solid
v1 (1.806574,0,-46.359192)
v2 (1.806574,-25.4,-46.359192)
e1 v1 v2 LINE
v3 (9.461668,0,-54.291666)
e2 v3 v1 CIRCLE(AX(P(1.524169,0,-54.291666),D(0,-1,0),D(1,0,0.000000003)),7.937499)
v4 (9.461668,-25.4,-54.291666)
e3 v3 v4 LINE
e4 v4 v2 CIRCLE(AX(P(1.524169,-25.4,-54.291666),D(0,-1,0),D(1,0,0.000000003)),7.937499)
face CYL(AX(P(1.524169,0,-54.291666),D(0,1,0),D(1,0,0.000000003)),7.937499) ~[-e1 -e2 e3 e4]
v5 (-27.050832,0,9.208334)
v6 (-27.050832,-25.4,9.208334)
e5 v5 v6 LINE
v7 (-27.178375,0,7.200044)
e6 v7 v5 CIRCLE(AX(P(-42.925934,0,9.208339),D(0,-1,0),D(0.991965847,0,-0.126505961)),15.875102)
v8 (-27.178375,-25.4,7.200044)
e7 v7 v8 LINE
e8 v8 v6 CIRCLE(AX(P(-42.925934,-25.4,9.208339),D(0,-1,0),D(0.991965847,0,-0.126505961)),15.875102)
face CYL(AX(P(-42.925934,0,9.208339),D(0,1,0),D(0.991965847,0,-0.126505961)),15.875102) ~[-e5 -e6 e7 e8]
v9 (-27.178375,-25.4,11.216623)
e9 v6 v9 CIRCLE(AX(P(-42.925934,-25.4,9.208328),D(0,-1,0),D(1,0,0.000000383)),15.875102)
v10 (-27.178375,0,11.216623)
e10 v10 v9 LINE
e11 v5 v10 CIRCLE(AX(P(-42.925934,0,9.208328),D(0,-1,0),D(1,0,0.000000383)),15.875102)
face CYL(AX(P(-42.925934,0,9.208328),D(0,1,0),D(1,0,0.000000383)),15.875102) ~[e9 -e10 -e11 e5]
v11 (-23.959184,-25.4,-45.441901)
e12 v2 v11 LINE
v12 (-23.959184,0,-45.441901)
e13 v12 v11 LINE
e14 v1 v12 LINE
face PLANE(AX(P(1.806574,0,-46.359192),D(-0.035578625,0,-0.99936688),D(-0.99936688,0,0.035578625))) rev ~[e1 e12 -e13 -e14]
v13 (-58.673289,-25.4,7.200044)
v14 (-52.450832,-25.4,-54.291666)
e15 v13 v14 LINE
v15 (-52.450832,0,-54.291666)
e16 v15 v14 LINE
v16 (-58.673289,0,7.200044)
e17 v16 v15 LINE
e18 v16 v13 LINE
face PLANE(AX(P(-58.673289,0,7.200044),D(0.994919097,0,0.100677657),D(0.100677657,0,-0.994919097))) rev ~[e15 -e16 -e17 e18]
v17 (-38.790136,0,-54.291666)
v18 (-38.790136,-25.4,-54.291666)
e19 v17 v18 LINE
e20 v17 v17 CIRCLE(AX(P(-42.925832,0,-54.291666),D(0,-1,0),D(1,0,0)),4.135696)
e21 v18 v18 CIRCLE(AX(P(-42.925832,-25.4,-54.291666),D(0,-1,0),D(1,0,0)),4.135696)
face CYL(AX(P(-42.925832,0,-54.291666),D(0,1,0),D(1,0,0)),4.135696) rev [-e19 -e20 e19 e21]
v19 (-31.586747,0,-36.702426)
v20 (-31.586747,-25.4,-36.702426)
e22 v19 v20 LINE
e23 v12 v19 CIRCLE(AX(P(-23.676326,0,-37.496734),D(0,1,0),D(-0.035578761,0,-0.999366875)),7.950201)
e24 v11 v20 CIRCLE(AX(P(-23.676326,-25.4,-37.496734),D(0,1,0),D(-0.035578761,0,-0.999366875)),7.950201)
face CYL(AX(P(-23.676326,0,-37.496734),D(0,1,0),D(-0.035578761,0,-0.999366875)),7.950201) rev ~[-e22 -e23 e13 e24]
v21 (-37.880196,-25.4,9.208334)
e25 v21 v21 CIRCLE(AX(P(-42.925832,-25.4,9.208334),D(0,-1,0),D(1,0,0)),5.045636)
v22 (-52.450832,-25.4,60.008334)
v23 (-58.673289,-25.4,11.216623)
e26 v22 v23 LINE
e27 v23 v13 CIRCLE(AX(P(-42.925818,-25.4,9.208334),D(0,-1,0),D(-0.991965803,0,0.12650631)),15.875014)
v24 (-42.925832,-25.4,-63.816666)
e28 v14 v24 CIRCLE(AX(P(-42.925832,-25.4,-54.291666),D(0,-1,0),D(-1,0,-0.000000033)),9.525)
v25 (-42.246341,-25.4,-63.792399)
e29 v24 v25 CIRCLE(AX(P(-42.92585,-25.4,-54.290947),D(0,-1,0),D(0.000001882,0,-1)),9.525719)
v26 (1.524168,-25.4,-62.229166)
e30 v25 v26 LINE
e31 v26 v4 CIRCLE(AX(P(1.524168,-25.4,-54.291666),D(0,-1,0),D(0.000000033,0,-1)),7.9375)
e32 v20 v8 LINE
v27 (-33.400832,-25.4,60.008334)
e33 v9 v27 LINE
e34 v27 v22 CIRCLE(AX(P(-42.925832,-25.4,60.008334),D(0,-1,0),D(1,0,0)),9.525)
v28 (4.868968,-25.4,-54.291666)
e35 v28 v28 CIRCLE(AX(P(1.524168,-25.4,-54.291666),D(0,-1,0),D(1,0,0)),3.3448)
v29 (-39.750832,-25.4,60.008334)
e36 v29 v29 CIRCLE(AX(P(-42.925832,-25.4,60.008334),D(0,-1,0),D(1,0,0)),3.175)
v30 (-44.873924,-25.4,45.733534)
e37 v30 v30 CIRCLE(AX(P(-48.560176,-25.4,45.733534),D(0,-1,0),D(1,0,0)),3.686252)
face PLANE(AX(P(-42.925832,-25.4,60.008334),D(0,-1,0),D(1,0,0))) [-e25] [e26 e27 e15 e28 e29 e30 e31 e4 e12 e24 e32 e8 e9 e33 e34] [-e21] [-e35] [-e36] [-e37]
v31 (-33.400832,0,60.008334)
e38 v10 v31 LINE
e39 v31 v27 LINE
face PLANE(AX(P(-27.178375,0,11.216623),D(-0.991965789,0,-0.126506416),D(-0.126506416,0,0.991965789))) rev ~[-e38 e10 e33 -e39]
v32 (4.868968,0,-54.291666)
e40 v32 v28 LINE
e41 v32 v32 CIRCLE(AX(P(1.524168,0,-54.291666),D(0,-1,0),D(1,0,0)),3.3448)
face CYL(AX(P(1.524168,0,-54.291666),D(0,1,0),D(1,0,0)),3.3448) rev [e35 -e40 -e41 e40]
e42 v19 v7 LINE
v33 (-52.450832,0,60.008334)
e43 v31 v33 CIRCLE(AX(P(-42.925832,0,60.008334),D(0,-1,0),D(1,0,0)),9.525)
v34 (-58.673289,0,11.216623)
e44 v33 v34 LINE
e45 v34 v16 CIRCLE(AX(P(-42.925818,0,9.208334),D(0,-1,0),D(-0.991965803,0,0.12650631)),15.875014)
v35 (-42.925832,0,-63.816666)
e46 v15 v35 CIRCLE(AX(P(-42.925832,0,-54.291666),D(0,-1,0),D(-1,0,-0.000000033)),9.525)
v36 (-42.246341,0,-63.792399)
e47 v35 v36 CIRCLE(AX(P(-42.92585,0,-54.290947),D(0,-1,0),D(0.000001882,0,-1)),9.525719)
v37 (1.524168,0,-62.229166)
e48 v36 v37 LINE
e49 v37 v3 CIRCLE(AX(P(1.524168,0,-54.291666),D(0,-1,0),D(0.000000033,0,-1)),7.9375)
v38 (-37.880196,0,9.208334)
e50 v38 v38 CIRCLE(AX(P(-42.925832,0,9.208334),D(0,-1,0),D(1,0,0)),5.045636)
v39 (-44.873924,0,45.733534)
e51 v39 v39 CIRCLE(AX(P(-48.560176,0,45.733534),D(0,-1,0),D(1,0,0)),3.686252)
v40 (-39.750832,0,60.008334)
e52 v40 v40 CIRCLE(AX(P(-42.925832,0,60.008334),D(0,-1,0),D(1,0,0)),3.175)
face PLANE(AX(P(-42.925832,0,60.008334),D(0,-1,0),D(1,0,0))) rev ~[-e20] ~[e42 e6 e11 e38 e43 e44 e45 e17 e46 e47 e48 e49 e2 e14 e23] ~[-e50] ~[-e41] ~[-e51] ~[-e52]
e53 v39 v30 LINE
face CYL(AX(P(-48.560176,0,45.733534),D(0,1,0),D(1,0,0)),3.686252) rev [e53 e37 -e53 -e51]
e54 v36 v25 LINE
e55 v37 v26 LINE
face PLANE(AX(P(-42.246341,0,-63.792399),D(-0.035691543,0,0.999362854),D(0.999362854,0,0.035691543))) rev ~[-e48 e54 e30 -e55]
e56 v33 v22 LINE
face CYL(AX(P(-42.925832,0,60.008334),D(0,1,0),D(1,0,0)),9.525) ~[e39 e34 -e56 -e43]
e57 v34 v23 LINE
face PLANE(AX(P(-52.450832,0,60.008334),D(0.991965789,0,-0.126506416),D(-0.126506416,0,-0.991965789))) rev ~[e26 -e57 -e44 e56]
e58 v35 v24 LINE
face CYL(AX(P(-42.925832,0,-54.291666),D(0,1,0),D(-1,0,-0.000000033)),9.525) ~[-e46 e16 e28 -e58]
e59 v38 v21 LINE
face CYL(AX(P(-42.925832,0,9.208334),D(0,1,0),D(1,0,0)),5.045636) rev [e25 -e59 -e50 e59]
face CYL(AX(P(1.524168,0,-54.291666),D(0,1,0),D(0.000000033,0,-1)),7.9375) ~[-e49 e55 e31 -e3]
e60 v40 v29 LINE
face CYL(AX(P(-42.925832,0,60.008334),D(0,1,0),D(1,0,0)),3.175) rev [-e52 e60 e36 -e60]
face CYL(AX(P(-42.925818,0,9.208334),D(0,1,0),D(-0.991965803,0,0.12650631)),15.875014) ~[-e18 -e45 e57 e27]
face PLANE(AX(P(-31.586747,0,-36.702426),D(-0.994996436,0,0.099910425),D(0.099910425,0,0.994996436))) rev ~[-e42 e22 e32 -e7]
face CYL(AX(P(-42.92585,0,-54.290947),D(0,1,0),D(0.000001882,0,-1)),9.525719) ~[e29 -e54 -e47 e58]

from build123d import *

# Parameters (mm, degrees)
F0_R     = 3.175
F0_R_2   = 3.686252
F0_R_3   = 5.045636
F0_R_4   = 4.135696
F0_R_5   = 3.3448
F1_DEPTH = 25.4


with BuildPart() as f1:
    # F0 (on Front) → F1 (new body)
    with BuildSketch(Plane.XZ):
        with BuildLine():
            ThreePointArc((-52.450832, 60.008334), (-42.925832, 50.483334), (-33.400832, 60.008334))
            ThreePointArc((-33.400832, 60.008334), (-42.925832, 69.533334), (-52.450832, 60.008334))
        make_face()
        with Locations((-42.925832, 60.008334)):
            Circle(F0_R, mode=Mode.SUBTRACT)
        with BuildLine():
            Line((-27.178375, 11.216623), (-33.400832, 60.008334))
            ThreePointArc((-33.400832, 60.008334), (-42.925832, 50.483334), (-52.450832, 60.008334))
            Line((-52.450832, 60.008334), (-58.673289, 11.216623))
            ThreePointArc((-58.673289, 11.216623), (-42.925832, 25.083334), (-27.178375, 11.216623))
        make_face()
        with Locations((-48.560176, 45.733534)):
            Circle(F0_R_2, mode=Mode.SUBTRACT)
        with BuildLine():
            ThreePointArc((-27.050832, 9.208334), (-27.08275, 10.214501), (-27.178375, 11.216623))
            ThreePointArc((-27.178375, 11.216623), (-42.925832, 25.083334), (-58.673289, 11.216623))
            ThreePointArc((-58.673289, 11.216623), (-58.800832, 9.208334), (-58.673289, 7.200044))
            ThreePointArc((-58.673289, 7.200044), (-42.925832, -6.666666), (-27.178375, 7.200044))
            ThreePointArc((-27.178375, 7.200044), (-27.08275, 8.202166), (-27.050832, 9.208334))
        make_face()
        with Locations((-42.925832, 9.208334)):
            Circle(F0_R_3, mode=Mode.SUBTRACT)
        with BuildLine():
            ThreePointArc((-27.178375, 7.200044), (-42.925832, -6.666666), (-58.673289, 7.200044))
            Line((-58.673289, 7.200044), (-52.450832, -54.291666))
            ThreePointArc((-52.450832, -54.291666), (-42.925832, -44.766666), (-33.400832, -54.291666))
            ThreePointArc((-33.400832, -54.291666), (-35.954542, -60.782178), (-42.246341, -63.792399))
            Line((-42.246341, -63.792399), (1.524168, -62.229166))
            ThreePointArc((1.524168, -62.229166), (-6.412075, -54.150441), (1.806574, -46.359192))
            Line((1.806574, -46.359192), (-23.959184, -45.441901))
            ThreePointArc((-23.959184, -45.441901), (-29.666072, -42.724413), (-31.586747, -36.702426))
            Line((-31.586747, -36.702426), (-27.178375, 7.200044))
        make_face()
        with BuildLine():
            ThreePointArc((-33.400832, -54.291666), (-42.925832, -44.766666), (-52.450832, -54.291666))
            ThreePointArc((-52.450832, -54.291666), (-49.661024, -61.026858), (-42.925832, -63.816666))
            Line((-42.925832, -63.816666), (-42.246341, -63.792399))
            ThreePointArc((-42.246341, -63.792399), (-35.954542, -60.782178), (-33.400832, -54.291666))
        make_face()
        with Locations((-42.925832, -54.291666)):
            Circle(F0_R_4, mode=Mode.SUBTRACT)
        with BuildLine():
            Line((-42.246341, -63.792399), (-42.925832, -63.816666))
            ThreePointArc((-42.925832, -63.816666), (-42.58587, -63.810597), (-42.246341, -63.792399))
        make_face()
        with BuildLine():
            ThreePointArc((9.461668, -54.291666), (7.235801, -48.779756), (1.806574, -46.359192))
            ThreePointArc((1.806574, -46.359192), (-6.412075, -54.150441), (1.524168, -62.229166))
            ThreePointArc((1.524168, -62.229166), (7.136828, -59.904326), (9.461668, -54.291666))
        make_face()
        with Locations((1.524168, -54.291666)):
            Circle(F0_R_5, mode=Mode.SUBTRACT)
    extrude(amount=F1_DEPTH)


solid = f1.part
